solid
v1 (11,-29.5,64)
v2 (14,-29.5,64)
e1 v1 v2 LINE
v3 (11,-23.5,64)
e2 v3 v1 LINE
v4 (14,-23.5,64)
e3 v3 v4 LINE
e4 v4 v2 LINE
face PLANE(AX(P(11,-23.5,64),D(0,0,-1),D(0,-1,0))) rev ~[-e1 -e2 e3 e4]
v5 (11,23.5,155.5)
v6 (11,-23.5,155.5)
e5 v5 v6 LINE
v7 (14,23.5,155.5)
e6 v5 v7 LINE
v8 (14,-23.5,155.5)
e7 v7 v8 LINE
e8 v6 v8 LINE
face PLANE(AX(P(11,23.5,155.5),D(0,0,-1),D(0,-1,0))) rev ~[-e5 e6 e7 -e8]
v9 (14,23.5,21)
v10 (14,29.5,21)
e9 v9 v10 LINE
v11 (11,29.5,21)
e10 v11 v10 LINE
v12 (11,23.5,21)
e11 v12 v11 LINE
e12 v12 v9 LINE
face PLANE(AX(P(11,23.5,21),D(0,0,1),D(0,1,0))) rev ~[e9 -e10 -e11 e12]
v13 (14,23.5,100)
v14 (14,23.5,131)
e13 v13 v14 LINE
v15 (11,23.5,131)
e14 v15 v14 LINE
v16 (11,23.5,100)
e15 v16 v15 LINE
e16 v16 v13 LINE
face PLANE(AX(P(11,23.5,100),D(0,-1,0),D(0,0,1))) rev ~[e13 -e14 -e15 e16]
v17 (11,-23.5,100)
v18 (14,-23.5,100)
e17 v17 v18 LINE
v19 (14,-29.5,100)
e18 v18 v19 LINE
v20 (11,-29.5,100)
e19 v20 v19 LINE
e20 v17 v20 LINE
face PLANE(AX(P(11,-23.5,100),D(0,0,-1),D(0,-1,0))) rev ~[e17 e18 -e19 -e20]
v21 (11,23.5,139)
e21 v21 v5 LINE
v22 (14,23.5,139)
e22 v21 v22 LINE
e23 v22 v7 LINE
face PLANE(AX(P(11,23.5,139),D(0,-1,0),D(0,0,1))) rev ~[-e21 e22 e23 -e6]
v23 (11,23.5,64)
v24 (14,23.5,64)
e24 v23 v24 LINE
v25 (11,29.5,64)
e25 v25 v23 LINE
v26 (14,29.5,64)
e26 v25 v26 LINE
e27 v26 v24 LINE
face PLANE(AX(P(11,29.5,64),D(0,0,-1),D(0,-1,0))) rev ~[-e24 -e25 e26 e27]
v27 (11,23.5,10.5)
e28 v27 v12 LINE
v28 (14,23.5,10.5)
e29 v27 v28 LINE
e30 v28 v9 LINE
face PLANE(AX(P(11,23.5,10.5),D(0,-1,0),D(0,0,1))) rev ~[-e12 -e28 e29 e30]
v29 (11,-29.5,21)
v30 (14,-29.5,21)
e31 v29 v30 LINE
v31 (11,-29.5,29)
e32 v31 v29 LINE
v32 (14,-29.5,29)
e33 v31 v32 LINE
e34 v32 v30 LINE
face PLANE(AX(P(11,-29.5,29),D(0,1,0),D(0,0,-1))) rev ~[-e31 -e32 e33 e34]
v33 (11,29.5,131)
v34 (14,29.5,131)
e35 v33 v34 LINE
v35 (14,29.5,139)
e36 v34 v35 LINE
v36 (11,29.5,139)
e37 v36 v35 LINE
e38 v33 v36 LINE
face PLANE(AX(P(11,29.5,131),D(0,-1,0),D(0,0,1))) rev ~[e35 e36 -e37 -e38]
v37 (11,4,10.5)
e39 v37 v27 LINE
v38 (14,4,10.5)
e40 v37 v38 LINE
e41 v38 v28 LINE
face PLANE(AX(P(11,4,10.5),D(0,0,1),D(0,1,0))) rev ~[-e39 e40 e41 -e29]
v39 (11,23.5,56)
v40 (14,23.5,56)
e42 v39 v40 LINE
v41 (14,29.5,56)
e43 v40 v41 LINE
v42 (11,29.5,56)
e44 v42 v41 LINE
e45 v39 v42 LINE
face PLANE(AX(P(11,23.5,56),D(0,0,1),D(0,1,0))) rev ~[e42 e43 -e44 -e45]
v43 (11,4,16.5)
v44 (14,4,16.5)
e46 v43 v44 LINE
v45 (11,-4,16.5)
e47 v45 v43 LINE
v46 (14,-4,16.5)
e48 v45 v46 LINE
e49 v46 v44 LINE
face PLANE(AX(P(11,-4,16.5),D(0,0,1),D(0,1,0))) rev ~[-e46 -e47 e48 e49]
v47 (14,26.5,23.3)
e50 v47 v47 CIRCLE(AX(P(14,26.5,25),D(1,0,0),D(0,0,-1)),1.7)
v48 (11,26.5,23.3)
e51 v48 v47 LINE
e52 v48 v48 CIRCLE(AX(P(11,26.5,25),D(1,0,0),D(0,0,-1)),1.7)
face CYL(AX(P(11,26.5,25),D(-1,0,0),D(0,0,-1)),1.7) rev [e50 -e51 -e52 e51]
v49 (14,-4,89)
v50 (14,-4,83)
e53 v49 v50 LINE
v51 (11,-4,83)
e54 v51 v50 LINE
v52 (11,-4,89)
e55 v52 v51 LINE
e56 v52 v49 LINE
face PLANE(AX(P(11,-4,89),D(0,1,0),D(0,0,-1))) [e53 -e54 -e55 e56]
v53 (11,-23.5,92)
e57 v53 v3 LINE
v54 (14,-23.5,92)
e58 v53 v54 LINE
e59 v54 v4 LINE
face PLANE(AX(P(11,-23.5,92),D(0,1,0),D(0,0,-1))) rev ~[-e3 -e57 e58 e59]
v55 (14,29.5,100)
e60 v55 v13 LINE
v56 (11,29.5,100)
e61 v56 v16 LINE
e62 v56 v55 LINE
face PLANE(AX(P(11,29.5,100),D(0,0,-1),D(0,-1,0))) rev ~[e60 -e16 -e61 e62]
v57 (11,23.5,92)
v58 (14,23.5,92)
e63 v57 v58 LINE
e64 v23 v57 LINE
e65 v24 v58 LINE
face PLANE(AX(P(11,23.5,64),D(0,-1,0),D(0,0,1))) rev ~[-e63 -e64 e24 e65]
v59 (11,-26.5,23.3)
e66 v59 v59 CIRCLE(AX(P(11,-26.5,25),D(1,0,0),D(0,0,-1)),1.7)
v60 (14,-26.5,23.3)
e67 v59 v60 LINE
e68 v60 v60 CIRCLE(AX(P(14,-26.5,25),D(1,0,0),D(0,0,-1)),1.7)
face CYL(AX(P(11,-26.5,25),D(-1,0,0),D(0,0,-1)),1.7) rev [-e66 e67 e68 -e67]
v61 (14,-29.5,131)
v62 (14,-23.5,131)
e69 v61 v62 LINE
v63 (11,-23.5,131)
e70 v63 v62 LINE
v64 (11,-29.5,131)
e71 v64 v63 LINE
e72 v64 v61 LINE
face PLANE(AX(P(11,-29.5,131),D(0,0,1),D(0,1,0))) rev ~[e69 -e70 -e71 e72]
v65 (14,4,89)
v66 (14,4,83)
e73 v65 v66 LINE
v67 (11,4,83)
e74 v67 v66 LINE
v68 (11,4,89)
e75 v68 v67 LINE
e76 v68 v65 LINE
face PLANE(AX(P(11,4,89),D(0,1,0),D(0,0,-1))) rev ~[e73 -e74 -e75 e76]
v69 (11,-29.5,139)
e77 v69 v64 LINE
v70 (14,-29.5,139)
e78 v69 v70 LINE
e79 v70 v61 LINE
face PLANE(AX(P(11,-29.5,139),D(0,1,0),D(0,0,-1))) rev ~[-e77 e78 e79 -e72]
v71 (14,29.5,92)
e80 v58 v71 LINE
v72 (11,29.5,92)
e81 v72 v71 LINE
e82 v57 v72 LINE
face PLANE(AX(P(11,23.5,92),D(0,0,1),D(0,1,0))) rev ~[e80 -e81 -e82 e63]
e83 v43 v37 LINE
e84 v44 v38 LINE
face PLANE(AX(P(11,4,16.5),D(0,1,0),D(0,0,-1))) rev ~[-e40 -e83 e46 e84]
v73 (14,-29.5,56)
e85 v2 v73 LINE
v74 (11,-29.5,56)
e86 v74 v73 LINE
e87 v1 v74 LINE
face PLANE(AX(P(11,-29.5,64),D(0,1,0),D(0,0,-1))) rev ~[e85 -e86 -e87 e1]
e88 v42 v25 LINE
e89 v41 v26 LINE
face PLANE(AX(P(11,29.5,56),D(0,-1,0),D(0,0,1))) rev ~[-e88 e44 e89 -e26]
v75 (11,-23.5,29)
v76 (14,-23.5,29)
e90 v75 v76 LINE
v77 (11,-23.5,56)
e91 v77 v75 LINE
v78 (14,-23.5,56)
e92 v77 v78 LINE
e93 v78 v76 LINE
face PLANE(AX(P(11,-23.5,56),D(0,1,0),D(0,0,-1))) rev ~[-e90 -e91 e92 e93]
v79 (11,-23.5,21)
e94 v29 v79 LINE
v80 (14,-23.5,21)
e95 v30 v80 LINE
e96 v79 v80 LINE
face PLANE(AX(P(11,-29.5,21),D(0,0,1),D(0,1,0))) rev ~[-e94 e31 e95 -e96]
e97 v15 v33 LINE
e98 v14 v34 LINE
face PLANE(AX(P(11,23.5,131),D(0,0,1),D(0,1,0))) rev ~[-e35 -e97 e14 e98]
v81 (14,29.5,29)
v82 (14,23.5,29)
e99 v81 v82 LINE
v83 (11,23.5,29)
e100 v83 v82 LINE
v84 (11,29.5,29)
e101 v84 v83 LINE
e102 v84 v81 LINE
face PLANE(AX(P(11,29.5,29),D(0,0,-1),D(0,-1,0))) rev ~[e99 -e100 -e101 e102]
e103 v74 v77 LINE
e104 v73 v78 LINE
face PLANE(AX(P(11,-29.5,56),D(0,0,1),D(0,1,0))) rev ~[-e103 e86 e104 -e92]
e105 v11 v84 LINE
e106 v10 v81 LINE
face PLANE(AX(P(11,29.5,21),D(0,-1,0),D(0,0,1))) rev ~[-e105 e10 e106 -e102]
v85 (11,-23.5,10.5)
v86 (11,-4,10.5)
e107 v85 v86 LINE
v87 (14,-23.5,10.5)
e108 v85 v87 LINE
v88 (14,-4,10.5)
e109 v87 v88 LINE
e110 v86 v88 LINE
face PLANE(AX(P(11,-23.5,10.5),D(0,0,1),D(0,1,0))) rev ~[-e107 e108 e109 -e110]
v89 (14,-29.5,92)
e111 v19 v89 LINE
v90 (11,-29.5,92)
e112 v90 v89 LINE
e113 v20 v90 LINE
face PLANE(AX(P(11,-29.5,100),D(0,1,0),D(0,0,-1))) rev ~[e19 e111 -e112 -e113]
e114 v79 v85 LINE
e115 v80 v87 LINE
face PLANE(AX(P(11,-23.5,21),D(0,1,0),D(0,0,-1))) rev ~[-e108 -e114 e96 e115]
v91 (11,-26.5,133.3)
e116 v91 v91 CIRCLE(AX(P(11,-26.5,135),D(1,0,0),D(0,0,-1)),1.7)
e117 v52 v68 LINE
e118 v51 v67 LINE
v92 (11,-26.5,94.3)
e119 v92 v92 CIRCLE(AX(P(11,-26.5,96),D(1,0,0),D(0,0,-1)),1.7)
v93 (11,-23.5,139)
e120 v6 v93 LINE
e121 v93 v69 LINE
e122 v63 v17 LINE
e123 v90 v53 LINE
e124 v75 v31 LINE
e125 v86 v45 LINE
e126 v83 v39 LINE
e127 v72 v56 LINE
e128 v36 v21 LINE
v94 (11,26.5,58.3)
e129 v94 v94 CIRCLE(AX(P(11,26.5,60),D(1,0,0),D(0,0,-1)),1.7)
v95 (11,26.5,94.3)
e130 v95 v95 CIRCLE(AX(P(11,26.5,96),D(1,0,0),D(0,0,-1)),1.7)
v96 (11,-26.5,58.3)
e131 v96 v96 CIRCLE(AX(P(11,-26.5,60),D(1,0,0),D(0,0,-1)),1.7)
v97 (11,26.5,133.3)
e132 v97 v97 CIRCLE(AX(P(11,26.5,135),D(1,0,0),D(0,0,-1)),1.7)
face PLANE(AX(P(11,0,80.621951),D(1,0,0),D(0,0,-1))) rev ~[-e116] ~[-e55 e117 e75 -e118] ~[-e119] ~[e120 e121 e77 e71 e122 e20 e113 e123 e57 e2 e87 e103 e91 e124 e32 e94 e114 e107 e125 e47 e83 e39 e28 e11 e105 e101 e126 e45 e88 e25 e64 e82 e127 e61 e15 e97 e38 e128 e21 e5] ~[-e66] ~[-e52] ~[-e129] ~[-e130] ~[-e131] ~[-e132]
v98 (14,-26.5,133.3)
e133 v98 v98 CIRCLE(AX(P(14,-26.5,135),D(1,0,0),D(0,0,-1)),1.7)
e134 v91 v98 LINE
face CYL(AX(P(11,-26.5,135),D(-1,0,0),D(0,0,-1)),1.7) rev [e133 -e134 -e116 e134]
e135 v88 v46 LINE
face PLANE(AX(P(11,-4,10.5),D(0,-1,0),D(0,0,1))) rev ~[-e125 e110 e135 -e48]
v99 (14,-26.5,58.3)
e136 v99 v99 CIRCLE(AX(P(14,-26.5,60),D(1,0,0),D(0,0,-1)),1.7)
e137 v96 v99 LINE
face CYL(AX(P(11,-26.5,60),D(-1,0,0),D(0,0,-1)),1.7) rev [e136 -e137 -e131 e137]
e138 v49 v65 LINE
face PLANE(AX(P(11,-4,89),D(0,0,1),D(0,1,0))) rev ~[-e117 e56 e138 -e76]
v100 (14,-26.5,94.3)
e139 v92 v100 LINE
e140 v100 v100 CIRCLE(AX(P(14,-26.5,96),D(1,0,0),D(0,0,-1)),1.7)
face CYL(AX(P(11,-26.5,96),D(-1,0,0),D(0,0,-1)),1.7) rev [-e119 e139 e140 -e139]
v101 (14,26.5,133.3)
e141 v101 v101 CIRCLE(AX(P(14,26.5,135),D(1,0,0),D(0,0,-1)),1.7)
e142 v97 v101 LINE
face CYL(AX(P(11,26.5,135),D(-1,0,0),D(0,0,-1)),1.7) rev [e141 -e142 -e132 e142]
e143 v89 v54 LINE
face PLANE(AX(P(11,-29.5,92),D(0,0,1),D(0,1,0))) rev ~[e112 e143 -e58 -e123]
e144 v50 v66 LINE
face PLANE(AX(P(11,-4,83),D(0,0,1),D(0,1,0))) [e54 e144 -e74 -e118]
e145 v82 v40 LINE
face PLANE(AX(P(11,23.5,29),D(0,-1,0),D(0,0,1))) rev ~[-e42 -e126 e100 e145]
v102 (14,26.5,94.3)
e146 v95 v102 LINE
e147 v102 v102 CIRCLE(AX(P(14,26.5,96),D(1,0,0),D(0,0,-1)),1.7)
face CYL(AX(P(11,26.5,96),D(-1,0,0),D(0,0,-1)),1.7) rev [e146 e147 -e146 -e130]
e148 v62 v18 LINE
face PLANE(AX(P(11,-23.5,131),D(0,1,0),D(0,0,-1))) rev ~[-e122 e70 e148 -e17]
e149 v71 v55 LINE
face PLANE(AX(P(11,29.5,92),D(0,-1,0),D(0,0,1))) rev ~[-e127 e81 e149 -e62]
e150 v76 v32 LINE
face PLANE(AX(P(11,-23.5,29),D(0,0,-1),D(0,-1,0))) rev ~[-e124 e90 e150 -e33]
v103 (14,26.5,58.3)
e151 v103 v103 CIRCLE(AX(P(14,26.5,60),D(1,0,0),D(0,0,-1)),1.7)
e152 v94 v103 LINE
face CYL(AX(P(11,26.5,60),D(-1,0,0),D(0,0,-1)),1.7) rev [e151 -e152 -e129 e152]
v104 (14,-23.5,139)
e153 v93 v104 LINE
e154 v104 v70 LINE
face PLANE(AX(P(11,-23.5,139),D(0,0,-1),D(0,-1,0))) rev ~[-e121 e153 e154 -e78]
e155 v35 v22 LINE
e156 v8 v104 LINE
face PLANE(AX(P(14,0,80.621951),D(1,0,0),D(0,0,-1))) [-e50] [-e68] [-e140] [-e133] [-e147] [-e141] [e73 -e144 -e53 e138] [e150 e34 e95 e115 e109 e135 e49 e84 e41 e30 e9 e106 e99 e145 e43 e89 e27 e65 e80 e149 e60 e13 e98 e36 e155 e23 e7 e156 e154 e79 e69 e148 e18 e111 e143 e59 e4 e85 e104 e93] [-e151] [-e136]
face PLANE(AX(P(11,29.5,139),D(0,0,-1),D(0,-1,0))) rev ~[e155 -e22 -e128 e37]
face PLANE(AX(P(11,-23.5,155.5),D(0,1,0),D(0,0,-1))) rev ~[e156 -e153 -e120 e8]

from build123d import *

# Parameters (mm, degrees)
EXTRUDE_START   = 11
SKETCH_1_R      = 1.7
SKETCH_1_W      = 6
SKETCH_1_H      = 8
EXTRUDE_1_DEPTH = 3


with BuildPart() as part:
    # 草圖1 → 填料-伸長1 (new body)
    with BuildSketch(Plane(origin=(0, 0, 0), x_dir=(0, 0, -1), z_dir=(1, 0, 0)).offset(EXTRUDE_START)):
        Polygon((-10.5, 23.5), (-21, 23.5), (-21, 29.5), (-29, 29.5), (-29, 23.5), (-56, 23.5), (-56, 29.5), (-64, 29.5), (-64, 23.5), (-92, 23.5), (-92, 29.5), (-100, 29.5), (-100, 23.5), (-131, 23.5), (-131, 29.5), (-139, 29.5), (-139, 23.5), (-155.5, 23.5), (-155.5, -23.5), (-139, -23.5), (-139, -29.5), (-131, -29.5), (-131, -23.5), (-100, -23.5), (-100, -29.5), (-92, -29.5), (-92, -23.5), (-64, -23.5), (-64, -29.5), (-56, -29.5), (-56, -23.5), (-29, -23.5), (-29, -29.5), (-21, -29.5), (-21, -23.5), (-10.5, -23.5), (-10.5, -4), (-16.5, -4), (-16.5, 4), (-10.5, 4), align=None)
        with Locations((-25, 26.5)):
            Circle(SKETCH_1_R, mode=Mode.SUBTRACT)
        with Locations((-25, -26.5)):
            Circle(SKETCH_1_R, mode=Mode.SUBTRACT)
        with Locations((-60, 26.5)):
            Circle(SKETCH_1_R, mode=Mode.SUBTRACT)
        with Locations((-60, -26.5)):
            Circle(SKETCH_1_R, mode=Mode.SUBTRACT)
        with Locations((-96, 26.5)):
            Circle(SKETCH_1_R, mode=Mode.SUBTRACT)
        with Locations((-96, -26.5)):
            Circle(SKETCH_1_R, mode=Mode.SUBTRACT)
        with Locations((-135, 26.5)):
            Circle(SKETCH_1_R, mode=Mode.SUBTRACT)
        with Locations((-135, -26.5)):
            Circle(SKETCH_1_R, mode=Mode.SUBTRACT)
        with Locations((-86, 0)):
            Rectangle(SKETCH_1_W, SKETCH_1_H, mode=Mode.SUBTRACT)
    extrude(amount=EXTRUDE_1_DEPTH)


solid = part.part
